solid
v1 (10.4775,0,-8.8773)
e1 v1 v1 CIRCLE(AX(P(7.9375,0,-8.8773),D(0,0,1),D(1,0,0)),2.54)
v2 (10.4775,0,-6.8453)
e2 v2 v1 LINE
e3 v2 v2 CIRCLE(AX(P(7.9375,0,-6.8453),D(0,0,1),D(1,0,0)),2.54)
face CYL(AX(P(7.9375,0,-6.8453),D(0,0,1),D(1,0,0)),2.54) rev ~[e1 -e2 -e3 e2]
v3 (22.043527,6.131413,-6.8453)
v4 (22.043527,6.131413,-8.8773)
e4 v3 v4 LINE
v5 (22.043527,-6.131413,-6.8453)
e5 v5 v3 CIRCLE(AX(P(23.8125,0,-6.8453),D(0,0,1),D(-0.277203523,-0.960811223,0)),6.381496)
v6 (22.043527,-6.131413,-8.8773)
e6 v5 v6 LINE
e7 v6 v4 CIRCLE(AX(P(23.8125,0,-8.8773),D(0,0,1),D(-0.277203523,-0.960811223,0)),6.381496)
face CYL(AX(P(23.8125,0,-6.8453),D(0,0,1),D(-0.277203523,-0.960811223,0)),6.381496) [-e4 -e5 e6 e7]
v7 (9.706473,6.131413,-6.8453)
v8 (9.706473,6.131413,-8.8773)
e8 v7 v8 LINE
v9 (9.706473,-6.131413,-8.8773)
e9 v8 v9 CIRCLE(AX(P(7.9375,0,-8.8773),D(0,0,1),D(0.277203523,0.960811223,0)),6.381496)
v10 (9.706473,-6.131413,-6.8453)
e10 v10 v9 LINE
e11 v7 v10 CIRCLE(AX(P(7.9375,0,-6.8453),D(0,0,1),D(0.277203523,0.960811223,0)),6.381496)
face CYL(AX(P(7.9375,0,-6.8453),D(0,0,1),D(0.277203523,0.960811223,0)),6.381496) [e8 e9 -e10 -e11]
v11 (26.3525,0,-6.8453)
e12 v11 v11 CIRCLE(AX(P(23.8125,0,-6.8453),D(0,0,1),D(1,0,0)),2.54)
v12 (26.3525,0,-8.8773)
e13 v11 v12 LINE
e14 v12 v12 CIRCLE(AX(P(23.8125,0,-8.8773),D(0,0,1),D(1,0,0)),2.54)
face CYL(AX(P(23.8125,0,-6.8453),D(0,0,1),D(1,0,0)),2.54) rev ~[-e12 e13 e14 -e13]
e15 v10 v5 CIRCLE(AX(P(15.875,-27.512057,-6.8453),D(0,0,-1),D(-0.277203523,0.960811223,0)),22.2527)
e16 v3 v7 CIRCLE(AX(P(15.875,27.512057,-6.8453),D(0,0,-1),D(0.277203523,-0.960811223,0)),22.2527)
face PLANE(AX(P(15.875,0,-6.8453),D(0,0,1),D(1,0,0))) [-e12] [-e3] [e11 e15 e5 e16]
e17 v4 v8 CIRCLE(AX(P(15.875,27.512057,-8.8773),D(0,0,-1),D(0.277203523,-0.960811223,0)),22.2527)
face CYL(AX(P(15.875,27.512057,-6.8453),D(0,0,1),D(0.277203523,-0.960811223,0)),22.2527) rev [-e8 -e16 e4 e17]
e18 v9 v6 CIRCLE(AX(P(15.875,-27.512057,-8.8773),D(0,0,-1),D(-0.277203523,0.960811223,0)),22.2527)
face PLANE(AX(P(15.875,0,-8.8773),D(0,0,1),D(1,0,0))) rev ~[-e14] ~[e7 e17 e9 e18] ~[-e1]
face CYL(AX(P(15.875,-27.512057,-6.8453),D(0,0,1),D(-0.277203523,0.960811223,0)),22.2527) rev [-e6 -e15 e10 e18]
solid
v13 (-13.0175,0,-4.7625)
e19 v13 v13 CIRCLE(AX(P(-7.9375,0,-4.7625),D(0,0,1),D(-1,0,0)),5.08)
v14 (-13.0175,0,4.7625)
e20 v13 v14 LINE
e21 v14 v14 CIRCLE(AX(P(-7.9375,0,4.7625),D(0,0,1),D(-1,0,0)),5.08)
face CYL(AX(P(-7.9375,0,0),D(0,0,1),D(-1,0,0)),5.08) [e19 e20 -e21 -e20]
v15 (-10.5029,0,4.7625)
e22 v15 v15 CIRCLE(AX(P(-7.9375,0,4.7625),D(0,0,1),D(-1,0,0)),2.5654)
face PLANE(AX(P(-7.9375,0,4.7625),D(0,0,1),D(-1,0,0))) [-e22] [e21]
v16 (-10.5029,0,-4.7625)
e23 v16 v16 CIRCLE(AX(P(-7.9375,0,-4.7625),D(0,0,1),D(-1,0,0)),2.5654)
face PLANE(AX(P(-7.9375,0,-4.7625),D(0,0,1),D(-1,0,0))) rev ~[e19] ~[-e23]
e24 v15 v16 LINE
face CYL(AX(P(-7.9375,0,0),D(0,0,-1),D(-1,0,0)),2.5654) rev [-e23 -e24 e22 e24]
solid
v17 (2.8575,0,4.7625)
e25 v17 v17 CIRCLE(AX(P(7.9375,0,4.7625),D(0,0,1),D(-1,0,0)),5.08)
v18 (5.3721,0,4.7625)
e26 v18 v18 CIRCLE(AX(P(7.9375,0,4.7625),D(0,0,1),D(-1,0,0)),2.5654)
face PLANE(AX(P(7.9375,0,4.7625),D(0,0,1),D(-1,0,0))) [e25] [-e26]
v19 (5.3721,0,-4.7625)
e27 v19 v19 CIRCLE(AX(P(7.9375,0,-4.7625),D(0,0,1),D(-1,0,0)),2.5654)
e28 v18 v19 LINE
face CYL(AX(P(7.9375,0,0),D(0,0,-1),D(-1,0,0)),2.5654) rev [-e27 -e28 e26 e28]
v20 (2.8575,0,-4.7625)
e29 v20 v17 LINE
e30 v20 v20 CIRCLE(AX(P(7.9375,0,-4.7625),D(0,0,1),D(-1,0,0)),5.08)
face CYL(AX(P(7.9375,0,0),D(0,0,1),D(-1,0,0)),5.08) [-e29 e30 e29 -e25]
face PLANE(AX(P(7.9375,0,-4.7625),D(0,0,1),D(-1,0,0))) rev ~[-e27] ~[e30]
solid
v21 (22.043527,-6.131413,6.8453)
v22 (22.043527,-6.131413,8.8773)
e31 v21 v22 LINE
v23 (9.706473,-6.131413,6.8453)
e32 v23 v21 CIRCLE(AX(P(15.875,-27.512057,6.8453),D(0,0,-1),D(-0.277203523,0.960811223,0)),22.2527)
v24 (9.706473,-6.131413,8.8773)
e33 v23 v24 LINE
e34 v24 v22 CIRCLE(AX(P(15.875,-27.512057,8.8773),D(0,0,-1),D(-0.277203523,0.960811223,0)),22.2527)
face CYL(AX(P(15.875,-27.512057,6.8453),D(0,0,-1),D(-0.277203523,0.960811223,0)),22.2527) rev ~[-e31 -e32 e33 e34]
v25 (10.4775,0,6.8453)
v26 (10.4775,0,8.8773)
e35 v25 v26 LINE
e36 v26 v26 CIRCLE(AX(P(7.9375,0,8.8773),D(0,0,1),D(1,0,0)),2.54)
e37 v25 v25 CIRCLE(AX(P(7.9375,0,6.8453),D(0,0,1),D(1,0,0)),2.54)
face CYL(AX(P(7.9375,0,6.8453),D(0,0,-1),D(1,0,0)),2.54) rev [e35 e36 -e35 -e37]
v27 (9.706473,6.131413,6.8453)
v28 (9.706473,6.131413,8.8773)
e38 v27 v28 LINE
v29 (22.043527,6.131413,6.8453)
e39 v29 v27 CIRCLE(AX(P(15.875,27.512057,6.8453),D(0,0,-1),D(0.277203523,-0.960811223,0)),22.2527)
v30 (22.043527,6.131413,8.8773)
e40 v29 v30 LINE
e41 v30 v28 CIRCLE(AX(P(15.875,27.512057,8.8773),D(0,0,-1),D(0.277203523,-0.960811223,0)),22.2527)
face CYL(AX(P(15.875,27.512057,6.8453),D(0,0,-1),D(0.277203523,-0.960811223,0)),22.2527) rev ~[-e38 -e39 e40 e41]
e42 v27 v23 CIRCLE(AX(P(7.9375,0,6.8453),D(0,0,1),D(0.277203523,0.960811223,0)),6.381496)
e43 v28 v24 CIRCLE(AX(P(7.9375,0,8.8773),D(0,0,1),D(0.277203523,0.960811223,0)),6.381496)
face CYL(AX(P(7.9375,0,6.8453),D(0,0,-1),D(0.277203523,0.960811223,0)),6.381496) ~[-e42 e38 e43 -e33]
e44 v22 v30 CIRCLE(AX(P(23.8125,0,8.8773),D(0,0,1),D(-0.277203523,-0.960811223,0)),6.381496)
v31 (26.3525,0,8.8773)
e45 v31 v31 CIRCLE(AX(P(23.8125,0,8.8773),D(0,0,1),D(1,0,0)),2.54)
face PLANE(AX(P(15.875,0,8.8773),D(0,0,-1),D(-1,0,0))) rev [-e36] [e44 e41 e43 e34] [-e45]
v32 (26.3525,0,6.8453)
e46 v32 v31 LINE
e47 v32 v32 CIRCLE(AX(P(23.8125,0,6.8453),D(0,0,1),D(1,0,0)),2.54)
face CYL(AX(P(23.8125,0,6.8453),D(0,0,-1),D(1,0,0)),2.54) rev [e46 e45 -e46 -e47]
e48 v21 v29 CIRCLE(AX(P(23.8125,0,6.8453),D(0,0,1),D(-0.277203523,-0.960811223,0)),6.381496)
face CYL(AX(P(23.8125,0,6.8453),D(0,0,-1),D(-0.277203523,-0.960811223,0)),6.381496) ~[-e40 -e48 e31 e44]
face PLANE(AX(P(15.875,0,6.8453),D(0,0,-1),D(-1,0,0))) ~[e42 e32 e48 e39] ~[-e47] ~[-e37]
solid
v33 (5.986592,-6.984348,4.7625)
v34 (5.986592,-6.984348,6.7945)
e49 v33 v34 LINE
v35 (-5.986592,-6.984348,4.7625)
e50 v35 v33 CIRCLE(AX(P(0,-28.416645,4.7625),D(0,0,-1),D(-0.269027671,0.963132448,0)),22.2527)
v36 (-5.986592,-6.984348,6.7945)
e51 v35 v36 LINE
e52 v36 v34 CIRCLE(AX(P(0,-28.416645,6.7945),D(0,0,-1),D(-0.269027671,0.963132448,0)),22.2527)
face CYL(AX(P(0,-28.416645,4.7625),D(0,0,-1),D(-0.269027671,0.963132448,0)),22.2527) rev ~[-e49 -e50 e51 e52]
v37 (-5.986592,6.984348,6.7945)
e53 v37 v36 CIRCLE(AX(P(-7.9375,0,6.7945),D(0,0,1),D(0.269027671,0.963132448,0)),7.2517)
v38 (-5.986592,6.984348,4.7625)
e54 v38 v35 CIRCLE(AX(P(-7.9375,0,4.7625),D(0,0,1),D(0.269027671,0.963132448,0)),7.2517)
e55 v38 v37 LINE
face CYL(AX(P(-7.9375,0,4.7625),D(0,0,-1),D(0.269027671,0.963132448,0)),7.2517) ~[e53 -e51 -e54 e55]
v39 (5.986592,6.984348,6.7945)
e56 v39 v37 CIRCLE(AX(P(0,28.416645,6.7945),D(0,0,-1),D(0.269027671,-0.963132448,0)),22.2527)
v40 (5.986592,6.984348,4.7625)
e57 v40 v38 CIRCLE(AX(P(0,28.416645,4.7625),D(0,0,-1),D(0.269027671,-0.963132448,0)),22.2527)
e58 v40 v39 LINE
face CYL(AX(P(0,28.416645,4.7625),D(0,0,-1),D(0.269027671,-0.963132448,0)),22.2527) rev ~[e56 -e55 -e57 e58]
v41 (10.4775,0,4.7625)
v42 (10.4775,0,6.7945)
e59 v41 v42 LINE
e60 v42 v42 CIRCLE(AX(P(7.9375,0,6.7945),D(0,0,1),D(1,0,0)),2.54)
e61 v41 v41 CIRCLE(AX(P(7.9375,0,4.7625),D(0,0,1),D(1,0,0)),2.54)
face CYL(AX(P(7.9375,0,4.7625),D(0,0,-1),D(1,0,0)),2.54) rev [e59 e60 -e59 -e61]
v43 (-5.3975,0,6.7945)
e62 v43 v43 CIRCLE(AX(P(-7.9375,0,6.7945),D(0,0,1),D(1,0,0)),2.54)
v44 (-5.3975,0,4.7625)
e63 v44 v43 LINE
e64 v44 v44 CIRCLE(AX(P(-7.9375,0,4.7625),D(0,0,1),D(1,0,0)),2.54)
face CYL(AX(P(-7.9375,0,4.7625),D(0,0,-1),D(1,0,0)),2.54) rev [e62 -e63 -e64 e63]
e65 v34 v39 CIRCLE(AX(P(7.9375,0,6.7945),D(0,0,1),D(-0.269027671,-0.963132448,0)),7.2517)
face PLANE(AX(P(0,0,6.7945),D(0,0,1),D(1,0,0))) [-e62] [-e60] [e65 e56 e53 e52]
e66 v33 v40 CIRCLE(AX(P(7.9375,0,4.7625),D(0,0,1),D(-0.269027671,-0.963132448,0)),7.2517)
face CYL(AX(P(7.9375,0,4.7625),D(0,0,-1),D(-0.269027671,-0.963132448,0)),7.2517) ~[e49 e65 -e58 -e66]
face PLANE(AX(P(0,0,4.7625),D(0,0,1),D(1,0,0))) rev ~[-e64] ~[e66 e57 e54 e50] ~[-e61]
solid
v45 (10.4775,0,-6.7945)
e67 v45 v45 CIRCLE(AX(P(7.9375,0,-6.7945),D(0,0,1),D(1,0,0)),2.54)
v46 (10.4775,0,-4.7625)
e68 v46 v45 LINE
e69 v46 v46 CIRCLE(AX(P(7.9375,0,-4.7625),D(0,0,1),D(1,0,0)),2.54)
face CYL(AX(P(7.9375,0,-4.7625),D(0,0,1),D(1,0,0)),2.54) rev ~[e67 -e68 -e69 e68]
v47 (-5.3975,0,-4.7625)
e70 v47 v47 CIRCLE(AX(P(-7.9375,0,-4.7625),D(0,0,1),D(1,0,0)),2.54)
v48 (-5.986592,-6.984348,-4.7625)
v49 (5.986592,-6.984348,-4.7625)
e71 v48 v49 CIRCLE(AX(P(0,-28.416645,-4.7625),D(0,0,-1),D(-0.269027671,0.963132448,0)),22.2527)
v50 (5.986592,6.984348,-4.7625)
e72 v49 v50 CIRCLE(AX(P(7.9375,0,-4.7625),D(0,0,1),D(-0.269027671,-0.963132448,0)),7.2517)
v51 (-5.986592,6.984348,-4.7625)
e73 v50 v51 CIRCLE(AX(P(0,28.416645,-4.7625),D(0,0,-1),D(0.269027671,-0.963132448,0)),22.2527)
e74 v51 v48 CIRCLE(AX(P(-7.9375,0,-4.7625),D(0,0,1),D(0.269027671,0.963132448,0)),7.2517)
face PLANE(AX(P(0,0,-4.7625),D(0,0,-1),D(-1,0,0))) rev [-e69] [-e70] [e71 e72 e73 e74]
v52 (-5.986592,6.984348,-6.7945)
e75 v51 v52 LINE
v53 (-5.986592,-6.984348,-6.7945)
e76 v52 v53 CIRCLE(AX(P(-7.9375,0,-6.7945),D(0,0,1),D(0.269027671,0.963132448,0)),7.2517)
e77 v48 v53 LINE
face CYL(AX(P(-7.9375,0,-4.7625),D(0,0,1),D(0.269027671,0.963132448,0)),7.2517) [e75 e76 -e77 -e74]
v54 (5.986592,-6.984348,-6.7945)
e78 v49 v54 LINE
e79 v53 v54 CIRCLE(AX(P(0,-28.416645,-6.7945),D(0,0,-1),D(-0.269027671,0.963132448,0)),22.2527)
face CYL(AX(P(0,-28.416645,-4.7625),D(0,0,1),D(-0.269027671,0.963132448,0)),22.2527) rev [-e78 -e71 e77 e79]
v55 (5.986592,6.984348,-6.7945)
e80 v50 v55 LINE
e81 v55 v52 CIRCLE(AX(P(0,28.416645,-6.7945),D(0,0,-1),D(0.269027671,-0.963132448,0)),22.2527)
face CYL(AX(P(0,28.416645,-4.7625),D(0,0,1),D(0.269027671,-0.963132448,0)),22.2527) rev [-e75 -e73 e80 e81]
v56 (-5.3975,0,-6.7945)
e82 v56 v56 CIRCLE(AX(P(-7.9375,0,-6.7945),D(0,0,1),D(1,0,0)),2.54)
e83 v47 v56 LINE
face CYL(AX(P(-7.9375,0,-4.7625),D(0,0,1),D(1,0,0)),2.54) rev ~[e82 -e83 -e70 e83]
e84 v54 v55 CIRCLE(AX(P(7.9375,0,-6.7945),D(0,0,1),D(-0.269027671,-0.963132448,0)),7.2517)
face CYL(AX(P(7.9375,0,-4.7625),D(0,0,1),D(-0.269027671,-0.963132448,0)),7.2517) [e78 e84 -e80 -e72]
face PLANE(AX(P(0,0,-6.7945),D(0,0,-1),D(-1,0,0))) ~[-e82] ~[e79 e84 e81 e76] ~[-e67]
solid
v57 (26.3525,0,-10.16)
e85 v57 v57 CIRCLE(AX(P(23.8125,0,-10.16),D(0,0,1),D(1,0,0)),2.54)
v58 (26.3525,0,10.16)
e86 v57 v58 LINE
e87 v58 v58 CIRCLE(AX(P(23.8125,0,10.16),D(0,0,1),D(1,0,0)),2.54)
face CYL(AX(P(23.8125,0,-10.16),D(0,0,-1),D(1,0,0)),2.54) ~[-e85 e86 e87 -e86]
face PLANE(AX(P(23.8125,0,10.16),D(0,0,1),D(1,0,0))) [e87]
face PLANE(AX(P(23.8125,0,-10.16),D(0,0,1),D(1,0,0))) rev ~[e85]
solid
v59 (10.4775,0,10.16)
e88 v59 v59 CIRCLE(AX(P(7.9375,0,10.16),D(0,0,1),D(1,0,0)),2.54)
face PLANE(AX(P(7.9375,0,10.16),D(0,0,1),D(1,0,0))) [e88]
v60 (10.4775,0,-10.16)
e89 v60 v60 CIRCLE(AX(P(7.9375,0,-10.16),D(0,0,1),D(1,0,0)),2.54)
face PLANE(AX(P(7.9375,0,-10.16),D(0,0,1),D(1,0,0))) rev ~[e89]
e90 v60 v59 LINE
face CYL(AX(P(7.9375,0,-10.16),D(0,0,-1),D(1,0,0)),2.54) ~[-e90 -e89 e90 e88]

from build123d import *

# Parameters (mm, degrees)
SKETCH4_R                  = 5.08
SKETCH4_R_2                = 2.5654
BOSS_EXTRUDE1_DEPTH        = 4.7625
BOSS_EXTRUDE1_2_DEPTH      = 4.7625
SKETCH5_R                  = 2.54
BOSS_EXTRUDE2_DEPTH        = 2.032
LPATTERN1_COUNT            = 2
LPATTERN1_PITCH            = 15.875
SKETCH7_R                  = 2.54
BOSS_EXTRUDE3_DEPTH        = 2.032
BOSS_EXTRUDE4_DEPTH        = 10.16
BOSS_EXTRUDE4_DEPTH_BACK   = 10.16
SKETCH8_R                  = 2.54
BOSS_EXTRUDE4_2_DEPTH      = 10.16
BOSS_EXTRUDE4_2_DEPTH_BACK = 10.16


with BuildPart() as part:
    # Sketch4 → Boss-Extrude1 (new, symmetric)
    with BuildSketch(Plane.XY):
        with Locations(Location((-7.9375, 0, 0), (0, 0, 180))):
            Circle(SKETCH4_R)
        with Locations(Location((-7.9375, 0, 0), (0, 0, 180))):
            Circle(SKETCH4_R_2, mode=Mode.SUBTRACT)
    extrude(amount=BOSS_EXTRUDE1_DEPTH, both=True)


with BuildPart() as body_2:
    # Sketch4 → Boss-Extrude1 2 (new, symmetric)
    with BuildSketch(Plane.XY):
        with Locations(Location((7.9375, 0, 0), (0, 0, 180))):
            Circle(SKETCH4_R)
        with Locations(Location((7.9375, 0, 0), (0, 0, 180))):
            Circle(SKETCH4_R_2, mode=Mode.SUBTRACT)
    extrude(amount=BOSS_EXTRUDE1_2_DEPTH, both=True)


with BuildPart() as body_3:
    # Sketch5 → Boss-Extrude2 (new body)
    with BuildSketch(Plane.XY.offset(4.7625)):
        with BuildLine():
            ThreePointArc((-5.986592041, 6.984347573), (-15.1892, 0), (-5.986592041, -6.984347573))
            ThreePointArc((-5.986592041, -6.984347573), (0, -6.163945), (5.986592041, -6.984347573))
            ThreePointArc((5.986592041, -6.984347573), (15.1892, 0), (5.986592041, 6.984347573))
            ThreePointArc((5.986592041, 6.984347573), (0, 6.163945), (-5.986592041, 6.984347573))
        make_face()
        with Locations((-7.9375, 0)):
            Circle(SKETCH5_R, mode=Mode.SUBTRACT)
        with Locations((7.9375, 0)):
            Circle(SKETCH5_R, mode=Mode.SUBTRACT)
    extrude(amount=BOSS_EXTRUDE2_DEPTH)


with BuildPart() as lpattern1_1:
    # LPattern1: pattern copy
    add(body_2.part.moved(Location(Vector(1, 0, 0) * (1 * LPATTERN1_PITCH))))


with BuildPart() as body_5:
    # Sketch7 → Boss-Extrude3 (new body)
    with BuildSketch(Plane.XY.offset(-6.8453)):
        with BuildLine():
            ThreePointArc((9.706473173, 6.131412978), (1.556004, 0), (9.706473173, -6.131412978))
            ThreePointArc((9.706473173, -6.131412978), (15.875, -5.259356889), (22.043526827, -6.131412978))
            ThreePointArc((22.043526827, -6.131412978), (30.193996, 0), (22.043526827, 6.131412978))
            ThreePointArc((22.043526827, 6.131412978), (15.875, 5.259356889), (9.706473173, 6.131412978))
        make_face()
        with Locations((7.9375, 0)):
            Circle(SKETCH7_R, mode=Mode.SUBTRACT)
        with Locations((23.8125, 0)):
            Circle(SKETCH7_R, mode=Mode.SUBTRACT)
    extrude(amount=-BOSS_EXTRUDE3_DEPTH)


with BuildPart() as body_6:
    # Mirror1: mirrored copy
    add(body_3.part.mirror(Plane.XY))


with BuildPart() as body_7:
    # Mirror1 2: mirrored copy
    add(body_5.part.mirror(Plane.XY))


with BuildPart() as body_8:
    # Sketch8 → Boss-Extrude4 (new, two sides: drawn at the far end of the back side and taken through both)
    with BuildSketch(Plane.XY.offset(-BOSS_EXTRUDE4_DEPTH_BACK)):
        with Locations((7.9375, 0)):
            Circle(SKETCH8_R)
    extrude(amount=BOSS_EXTRUDE4_DEPTH + BOSS_EXTRUDE4_DEPTH_BACK)


with BuildPart() as body_9:
    # Sketch8 → Boss-Extrude4 2 (new, two sides: drawn at the far end of the back side and taken through both)
    with BuildSketch(Plane.XY.offset(-BOSS_EXTRUDE4_2_DEPTH_BACK)):
        with Locations((23.8125, 0)):
            Circle(SKETCH8_R)
    extrude(amount=BOSS_EXTRUDE4_2_DEPTH + BOSS_EXTRUDE4_2_DEPTH_BACK)


solid = Compound([part.part, body_2.part, body_3.part, body_5.part, body_6.part, body_7.part, body_8.part, body_9.part])
